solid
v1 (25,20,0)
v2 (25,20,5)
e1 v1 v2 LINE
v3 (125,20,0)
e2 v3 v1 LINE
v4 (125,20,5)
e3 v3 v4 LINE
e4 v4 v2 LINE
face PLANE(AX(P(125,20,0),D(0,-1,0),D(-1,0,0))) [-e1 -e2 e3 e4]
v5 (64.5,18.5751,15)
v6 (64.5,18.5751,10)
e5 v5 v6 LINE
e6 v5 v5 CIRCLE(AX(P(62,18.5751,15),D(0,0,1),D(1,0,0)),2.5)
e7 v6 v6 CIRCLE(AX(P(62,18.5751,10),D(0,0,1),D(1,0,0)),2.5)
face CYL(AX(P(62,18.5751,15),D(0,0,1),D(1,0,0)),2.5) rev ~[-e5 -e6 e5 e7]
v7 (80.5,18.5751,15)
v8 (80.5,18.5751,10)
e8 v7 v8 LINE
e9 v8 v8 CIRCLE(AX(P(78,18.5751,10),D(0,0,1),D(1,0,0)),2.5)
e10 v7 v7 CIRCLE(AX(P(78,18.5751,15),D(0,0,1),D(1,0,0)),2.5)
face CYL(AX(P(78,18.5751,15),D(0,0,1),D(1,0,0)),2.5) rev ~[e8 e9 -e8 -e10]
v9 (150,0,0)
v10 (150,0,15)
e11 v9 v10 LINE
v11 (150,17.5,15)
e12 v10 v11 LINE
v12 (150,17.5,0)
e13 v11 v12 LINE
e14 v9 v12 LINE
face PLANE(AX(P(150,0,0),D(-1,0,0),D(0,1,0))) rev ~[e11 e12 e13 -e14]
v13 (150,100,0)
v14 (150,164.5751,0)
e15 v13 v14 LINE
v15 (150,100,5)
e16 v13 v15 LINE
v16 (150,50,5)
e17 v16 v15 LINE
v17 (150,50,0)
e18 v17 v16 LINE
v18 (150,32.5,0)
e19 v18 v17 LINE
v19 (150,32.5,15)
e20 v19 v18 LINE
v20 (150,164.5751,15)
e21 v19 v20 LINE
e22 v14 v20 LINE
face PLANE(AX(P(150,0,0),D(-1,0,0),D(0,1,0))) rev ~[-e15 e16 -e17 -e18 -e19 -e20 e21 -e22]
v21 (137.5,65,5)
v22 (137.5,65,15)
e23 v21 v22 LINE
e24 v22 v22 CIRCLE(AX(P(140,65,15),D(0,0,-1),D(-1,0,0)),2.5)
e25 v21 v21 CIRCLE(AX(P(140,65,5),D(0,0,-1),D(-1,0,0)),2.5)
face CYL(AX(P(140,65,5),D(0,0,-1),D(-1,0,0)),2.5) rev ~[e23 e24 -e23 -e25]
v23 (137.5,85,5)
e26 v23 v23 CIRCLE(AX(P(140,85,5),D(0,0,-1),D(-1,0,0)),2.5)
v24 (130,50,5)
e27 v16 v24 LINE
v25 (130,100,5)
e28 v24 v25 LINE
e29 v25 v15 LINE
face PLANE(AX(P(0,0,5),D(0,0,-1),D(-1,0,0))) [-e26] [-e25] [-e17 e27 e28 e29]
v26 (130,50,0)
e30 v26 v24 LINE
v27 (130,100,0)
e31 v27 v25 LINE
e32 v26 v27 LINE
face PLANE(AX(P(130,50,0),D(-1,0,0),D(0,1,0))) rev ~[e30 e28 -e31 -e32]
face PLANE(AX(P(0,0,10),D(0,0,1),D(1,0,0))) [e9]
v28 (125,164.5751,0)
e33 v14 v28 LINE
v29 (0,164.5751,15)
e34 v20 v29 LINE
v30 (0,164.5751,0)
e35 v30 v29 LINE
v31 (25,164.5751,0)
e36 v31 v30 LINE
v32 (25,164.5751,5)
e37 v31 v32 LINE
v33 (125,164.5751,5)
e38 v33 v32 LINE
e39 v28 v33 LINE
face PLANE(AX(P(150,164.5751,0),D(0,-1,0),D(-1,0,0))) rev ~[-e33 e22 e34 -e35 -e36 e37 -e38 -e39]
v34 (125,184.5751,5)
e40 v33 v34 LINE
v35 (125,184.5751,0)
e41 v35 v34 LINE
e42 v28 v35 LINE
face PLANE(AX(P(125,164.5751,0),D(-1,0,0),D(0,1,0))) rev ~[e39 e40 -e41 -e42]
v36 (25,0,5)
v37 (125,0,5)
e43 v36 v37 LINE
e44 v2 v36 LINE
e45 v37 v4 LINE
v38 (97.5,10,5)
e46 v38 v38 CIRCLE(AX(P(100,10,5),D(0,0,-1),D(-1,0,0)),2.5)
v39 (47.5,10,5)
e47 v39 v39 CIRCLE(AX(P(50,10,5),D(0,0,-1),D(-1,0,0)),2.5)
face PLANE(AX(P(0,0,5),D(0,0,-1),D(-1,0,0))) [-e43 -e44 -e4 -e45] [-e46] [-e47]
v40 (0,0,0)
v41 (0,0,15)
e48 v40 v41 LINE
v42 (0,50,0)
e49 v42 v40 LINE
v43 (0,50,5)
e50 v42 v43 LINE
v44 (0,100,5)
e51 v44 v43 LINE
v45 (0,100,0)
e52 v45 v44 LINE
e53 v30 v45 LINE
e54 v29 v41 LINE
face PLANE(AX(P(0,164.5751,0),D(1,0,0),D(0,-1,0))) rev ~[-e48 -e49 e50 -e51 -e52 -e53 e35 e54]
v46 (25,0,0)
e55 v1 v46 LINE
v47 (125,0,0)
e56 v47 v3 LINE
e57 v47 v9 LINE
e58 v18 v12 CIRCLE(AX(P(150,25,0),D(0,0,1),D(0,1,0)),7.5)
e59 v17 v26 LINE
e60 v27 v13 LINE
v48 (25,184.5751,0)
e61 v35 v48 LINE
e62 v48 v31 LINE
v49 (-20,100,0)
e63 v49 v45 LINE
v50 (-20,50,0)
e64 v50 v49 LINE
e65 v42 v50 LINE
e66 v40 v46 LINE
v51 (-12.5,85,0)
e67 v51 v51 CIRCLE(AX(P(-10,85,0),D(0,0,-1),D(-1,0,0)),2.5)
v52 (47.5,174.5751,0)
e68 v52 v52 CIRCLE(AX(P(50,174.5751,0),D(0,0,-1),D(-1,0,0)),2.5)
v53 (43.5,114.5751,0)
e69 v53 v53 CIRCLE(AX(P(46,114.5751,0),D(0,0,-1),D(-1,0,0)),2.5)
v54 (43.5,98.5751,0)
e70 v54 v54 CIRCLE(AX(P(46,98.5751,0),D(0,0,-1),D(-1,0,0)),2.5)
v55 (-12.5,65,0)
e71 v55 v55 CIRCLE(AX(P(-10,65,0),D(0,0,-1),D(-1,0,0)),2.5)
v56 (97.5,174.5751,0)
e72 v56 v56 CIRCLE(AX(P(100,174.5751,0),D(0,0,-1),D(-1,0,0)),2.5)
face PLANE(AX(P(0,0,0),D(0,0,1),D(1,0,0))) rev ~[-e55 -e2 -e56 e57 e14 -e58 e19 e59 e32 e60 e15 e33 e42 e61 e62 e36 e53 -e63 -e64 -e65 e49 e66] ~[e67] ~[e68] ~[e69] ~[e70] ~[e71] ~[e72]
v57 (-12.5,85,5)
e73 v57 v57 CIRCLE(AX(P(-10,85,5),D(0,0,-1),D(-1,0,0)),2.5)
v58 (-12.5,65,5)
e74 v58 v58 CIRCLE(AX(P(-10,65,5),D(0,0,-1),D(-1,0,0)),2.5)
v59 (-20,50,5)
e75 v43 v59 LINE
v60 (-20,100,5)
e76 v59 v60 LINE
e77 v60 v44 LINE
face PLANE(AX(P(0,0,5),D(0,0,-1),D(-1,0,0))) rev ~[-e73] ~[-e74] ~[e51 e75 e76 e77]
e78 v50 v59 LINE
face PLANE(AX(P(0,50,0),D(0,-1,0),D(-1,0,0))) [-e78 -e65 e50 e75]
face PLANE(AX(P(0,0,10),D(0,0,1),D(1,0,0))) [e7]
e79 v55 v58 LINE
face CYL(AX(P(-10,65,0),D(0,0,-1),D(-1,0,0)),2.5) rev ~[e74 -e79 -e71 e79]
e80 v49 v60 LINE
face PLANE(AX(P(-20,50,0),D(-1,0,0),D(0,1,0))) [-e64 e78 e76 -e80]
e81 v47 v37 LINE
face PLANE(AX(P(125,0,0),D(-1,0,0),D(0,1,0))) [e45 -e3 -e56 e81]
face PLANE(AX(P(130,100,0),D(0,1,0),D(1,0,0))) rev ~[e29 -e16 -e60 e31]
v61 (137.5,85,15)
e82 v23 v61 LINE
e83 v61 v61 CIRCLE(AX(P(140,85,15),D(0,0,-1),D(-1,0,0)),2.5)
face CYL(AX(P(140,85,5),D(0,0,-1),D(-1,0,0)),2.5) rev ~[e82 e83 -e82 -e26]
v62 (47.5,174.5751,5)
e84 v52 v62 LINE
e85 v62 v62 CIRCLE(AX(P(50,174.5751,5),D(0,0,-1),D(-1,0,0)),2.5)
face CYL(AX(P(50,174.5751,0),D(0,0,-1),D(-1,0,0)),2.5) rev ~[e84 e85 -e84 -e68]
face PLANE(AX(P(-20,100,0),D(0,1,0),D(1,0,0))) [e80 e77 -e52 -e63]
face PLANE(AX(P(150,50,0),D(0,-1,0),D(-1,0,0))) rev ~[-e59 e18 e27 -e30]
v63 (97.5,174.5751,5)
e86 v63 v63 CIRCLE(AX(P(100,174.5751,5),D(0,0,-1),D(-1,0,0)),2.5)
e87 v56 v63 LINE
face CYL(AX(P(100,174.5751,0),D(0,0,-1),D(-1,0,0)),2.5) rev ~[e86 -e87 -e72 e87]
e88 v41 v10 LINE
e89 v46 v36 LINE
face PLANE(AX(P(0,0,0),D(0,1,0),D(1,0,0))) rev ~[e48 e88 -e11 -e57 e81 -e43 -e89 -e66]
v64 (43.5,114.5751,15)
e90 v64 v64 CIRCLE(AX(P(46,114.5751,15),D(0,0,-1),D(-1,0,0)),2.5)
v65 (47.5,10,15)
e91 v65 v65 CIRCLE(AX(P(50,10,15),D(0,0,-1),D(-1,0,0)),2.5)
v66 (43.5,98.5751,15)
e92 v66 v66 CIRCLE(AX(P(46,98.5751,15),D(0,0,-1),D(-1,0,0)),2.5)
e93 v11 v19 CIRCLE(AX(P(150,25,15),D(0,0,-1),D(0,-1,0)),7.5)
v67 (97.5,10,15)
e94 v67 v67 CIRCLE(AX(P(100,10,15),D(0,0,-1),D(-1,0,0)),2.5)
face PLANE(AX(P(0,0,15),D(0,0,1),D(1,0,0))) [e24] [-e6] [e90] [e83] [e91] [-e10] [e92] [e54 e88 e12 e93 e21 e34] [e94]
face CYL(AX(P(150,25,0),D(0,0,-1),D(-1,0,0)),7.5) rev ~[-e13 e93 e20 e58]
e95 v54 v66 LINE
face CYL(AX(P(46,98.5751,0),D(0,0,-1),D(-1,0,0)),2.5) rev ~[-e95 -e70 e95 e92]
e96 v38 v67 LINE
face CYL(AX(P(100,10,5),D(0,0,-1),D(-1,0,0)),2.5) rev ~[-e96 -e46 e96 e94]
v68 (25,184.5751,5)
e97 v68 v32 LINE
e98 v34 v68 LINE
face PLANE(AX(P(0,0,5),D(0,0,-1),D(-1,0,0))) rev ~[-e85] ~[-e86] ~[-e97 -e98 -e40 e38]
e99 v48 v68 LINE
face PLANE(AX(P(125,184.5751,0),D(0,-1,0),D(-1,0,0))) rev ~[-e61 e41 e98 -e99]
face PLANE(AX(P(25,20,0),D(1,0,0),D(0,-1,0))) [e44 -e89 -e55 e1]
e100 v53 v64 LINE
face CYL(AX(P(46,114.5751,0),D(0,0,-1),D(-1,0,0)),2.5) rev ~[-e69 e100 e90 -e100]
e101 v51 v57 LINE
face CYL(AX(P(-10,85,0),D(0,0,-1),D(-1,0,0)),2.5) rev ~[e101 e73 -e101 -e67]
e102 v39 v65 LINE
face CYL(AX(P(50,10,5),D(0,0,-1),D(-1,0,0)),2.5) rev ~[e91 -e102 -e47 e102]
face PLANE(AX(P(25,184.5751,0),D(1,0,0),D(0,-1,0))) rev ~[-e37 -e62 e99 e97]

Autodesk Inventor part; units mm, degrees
ref_plane "YZ Plane" through (0, 0, 0) normal (1, 0, 0) x (0, 1, 0)
ref_plane "XZ Plane" through (0, 0, 0) normal (0, 1, 0) x (-1, 0, 0)
ref_plane "XY Plane" through (0, 0, 0) normal (0, 0, 1) x (1, 0, 0)
sketch "Sketch1" plane through (0, 0, 0) normal (0, 0, 1) x (1, 0, 0)
  line L0 (0, 0) -> (150, 0)
  line L1 (150, 0) -> (150, 164.5751)
  line L2 (150, 164.5751) -> (0, 164.5751)
  line L3 (0, 164.5751) -> (0, 0)
  dimension "d0" = 150
  dimension "d1" = 164.5751
extrude "Extrusion1" add sketch "Sketch1" along normal blind 15
sketch "Sketch7" plane through (0, 0, 0) normal (0, 0, -1) x (-1, 0, 0)
  line L0 (0, 50) -> (20, 50)
  line L1 (20, 50) -> (20, 100)
  line L2 (20, 100) -> (0, 100)
  line L3 (0, 100) -> (0, 50)
  point P0 (0, 0)
  dimension "d27" = 20
  dimension "d28" = 50
  dimension "d29" = 50
extrude "Extrusion7" add sketch "Sketch7" against normal blind 5
sketch "Sketch8" plane through (0, 0, 0) normal (0, 0, -1) x (-1, 0, 0)
  line L0 (-150, 164.5751) -> (0, 164.5751) projected
  line L1 (-25, 164.5751) -> (-125, 164.5751)
  line L2 (-125, 164.5751) -> (-125, 184.5751)
  line L3 (-125, 184.5751) -> (-25, 184.5751)
  line L4 (-25, 184.5751) -> (-25, 164.5751)
  point P0 (0, 0)
  dimension "d37" = 100
  dimension "d38" = 20
extrude "Extrusion8" add sketch "Sketch8" against normal blind 5
sketch "Sketch9" plane through (0, 0, 0) normal (0, 0, -1) x (-1, 0, 0)
  circle A0 centre (-50, 174.5751) radius 2.5
  circle A1 centre (-100, 174.5751) radius 2.5
  line L0 (-125, 184.5751) -> (-25, 184.5751) projected
  circle A2 centre (10, 65) radius 2.5
  circle A3 centre (10, 85) radius 2.5
  line L1 (0, 100) -> (0, 50) projected
  line L2 (0, 50) -> (20, 50) projected
  line L3 (20, 100) -> (0, 100) projected
  point P0 (0, 0)
  dimension "d44" = 5
  dimension "d45" = 5
  dimension "d46" = 10
  dimension "d47" = 5
  dimension "d48" = 5
  dimension "d49" = 10
  dimension "d50" = 15
  dimension "d51" = 15
extrude "Extrusion9" cut sketch "Sketch9" against normal through all
thread "Thread1" size "M5x0.8" class "6H" standard "ANSI Metric M Profile" full length
thread "Thread2" size "M5x0.8" class "6H" standard "ANSI Metric M Profile" full length
thread "Thread3" size "M5x0.8" class "6H" standard "ANSI Metric M Profile" full length
thread "Thread4" size "M5x0.8" class "6H" standard "ANSI Metric M Profile" full length
sketch "Sketch10" plane through (0, 0, 0) normal (0, 0, -1) x (-1, 0, 0)
  line L0 (-150, 0) -> (-150, 164.5751) projected
  line L1 (-150, 50) -> (-130, 50)
  line L2 (-130, 50) -> (-130, 100)
  line L3 (-130, 100) -> (-150, 100)
  line L4 (-150, 100) -> (-150, 50)
  line L5 (0, 0) -> (-150, 0) projected
  line L6 (0, 50) -> (0, 0) projected
  line L7 (0, 50) -> (20, 50) projected
  line L8 (20, 50) -> (20, 100) projected
  line L9 (20, 100) -> (0, 100) projected
  line L10 (0, 164.5751) -> (0, 100) projected
  line L11 (-25, 164.5751) -> (0, 164.5751) projected
  line L12 (-150, 0) -> (-150, 164.5751) projected
  line L13 (-25, 184.5751) -> (-25, 164.5751) projected
  line L14 (-125, 184.5751) -> (-25, 184.5751) projected
  line L15 (-125, 164.5751) -> (-125, 184.5751) projected
  line L16 (-150, 164.5751) -> (-125, 164.5751) projected
  dimension "d66" = 20
  dimension "d67" = 50
extrude "Extrusion10" cut sketch "Sketch10" against normal blind 5 contours L0 L3 L2 L1
sketch "Sketch11" plane through (0, 0, 5) normal (0, 0, -1) x (-1, 0, 0)
  circle A0 centre (-140, 85) radius 2.5
  circle A1 centre (-140, 65) radius 2.5
  line L0 (-130, 50) -> (-150, 50) projected
  line L1 (-150, 0) -> (-150, 50) projected
  line L2 (0, 0) -> (-150, 0) projected
  line L3 (0, 50) -> (0, 0) projected
  line L4 (0, 50) -> (20, 50) projected
  line L5 (20, 50) -> (20, 100) projected
  line L6 (20, 100) -> (0, 100) projected
  line L7 (0, 164.5751) -> (0, 100) projected
  line L8 (-25, 164.5751) -> (0, 164.5751) projected
  line L9 (-150, 100) -> (-150, 164.5751) projected
  line L10 (-150, 100) -> (-130, 100) projected
  line L11 (-130, 100) -> (-130, 50) projected
  line L12 (-150, 50) -> (-150, 100) projected
  line L13 (-25, 184.5751) -> (-25, 164.5751) projected
  line L14 (-125, 184.5751) -> (-25, 184.5751) projected
  line L15 (-125, 164.5751) -> (-125, 184.5751) projected
  line L16 (-150, 164.5751) -> (-125, 164.5751) projected
  dimension "d70" = 5
  dimension "d71" = 5
  dimension "d72" = 10
  dimension "d96" = 15
  dimension "d97" = 15
extrude "Extrusion11" cut sketch "Sketch11" against normal through all contours A0 | A1
thread "Thread7" size "M5x0.8" class "6H" standard "ANSI Metric M Profile" full length
thread "Thread8" size "M5x0.8" class "6H" standard "ANSI Metric M Profile" full length
sketch "Sketch12" plane through (0, 0, 0) normal (0, 0, -1) x (-1, 0, 0)
  line L0 (0, 0) -> (-150, 0) projected
  line L1 (-25, 0) -> (-125, 0)
  line L2 (-125, 0) -> (-125, 20)
  line L3 (-125, 20) -> (-25, 20)
  line L4 (-25, 20) -> (-25, 0)
  dimension "d79" = 100
  dimension "d80" = 20
  dimension "d81" = 25
extrude "Extrusion12" cut sketch "Sketch12" against normal blind 5
sketch "Sketch13" plane through (0, 0, 5) normal (0, 0, -1) x (-1, 0, 0)
  circle A0 centre (-50, 10) radius 2.5
  circle A1 centre (-100, 10) radius 2.5
  line L0 (-25, 20) -> (-25, 0) projected
  line L1 (-125, 0) -> (-125, 20) projected
  line L2 (-125, 20) -> (-25, 20) projected
  point P0 (0, 0)
  dimension "d84" = 5
  dimension "d85" = 5
  dimension "d86" = 25
  dimension "d87" = 25
  dimension "d88" = 10
  dimension "d89" = 10
extrude "Extrusion13" cut sketch "Sketch13" against normal through all
thread "Thread9" size "M5x0.8" class "6H" standard "ANSI Metric M Profile" full length
thread "Thread10" size "M5x0.8" class "6H" standard "ANSI Metric M Profile" full length
sketch "Sketch14" plane through (0, 0, 0) normal (0, 0, -1) x (-1, 0, 0)
  circle A0 centre (-46, 98.5751) radius 2.5
  circle A1 centre (-46, 114.5751) radius 2.5
  line L0 (-150, 0) -> (-150, 50) projected
  line L1 (-25, 164.5751) -> (0, 164.5751) projected
  point P0 (0, 0)
  dimension "d98" = 5
  dimension "d99" = 5
  dimension "d100" = 104
  dimension "d101" = 16
  dimension "d112" = 50
extrude "Extrusion14" cut sketch "Sketch14" against normal through all
thread "Thread11" size "M5x0.8" class "6H" standard "ANSI Metric M Profile" full length
thread "Thread12" size "M5x0.8" class "6H" standard "ANSI Metric M Profile" full length
sketch "Sketch15" plane through (0, 0, 0) normal (0, 0, -1) x (-1, 0, 0)
  line L0 (0, 50) -> (0, 0) construction
  line L1 (0, 25) -> (-166.3401, 25) construction
  line L2 (-150, 0) -> (-150, 164.5751) projected
  circle A0 centre (-150, 25) radius 7.5
  dimension "d109" = 15
extrude "Extrusion15" cut sketch "Sketch15" against normal through all
sketch "Sketch16" plane through (0, 0, 15) normal (0, 0, 1) x (1, 0, 0)
  circle A0 centre (62, 18.5751) radius 2.5
  circle A1 centre (78, 18.5751) radius 2.5
  circle A2 centre (46, 98.5751) radius 2.5 projected
  circle A3 centre (46, 114.5751) radius 2.5 projected
  point P0 (0, 0)
  dimension "d113" = 5
  dimension "d114" = 5
  dimension "d115" = 16
  dimension "d116" = 80
  dimension "d117" = 16
extrude "Extrusion16" cut sketch "Sketch16" against normal blind 5 contours A0 | A1
thread "Thread13" size "M5x0.8" class "6H" standard "ANSI Metric M Profile" full length
thread "Thread14" size "M5x0.8" class "6H" standard "ANSI Metric M Profile" full length
properties part number "CP007" material "ABS Plastic"
